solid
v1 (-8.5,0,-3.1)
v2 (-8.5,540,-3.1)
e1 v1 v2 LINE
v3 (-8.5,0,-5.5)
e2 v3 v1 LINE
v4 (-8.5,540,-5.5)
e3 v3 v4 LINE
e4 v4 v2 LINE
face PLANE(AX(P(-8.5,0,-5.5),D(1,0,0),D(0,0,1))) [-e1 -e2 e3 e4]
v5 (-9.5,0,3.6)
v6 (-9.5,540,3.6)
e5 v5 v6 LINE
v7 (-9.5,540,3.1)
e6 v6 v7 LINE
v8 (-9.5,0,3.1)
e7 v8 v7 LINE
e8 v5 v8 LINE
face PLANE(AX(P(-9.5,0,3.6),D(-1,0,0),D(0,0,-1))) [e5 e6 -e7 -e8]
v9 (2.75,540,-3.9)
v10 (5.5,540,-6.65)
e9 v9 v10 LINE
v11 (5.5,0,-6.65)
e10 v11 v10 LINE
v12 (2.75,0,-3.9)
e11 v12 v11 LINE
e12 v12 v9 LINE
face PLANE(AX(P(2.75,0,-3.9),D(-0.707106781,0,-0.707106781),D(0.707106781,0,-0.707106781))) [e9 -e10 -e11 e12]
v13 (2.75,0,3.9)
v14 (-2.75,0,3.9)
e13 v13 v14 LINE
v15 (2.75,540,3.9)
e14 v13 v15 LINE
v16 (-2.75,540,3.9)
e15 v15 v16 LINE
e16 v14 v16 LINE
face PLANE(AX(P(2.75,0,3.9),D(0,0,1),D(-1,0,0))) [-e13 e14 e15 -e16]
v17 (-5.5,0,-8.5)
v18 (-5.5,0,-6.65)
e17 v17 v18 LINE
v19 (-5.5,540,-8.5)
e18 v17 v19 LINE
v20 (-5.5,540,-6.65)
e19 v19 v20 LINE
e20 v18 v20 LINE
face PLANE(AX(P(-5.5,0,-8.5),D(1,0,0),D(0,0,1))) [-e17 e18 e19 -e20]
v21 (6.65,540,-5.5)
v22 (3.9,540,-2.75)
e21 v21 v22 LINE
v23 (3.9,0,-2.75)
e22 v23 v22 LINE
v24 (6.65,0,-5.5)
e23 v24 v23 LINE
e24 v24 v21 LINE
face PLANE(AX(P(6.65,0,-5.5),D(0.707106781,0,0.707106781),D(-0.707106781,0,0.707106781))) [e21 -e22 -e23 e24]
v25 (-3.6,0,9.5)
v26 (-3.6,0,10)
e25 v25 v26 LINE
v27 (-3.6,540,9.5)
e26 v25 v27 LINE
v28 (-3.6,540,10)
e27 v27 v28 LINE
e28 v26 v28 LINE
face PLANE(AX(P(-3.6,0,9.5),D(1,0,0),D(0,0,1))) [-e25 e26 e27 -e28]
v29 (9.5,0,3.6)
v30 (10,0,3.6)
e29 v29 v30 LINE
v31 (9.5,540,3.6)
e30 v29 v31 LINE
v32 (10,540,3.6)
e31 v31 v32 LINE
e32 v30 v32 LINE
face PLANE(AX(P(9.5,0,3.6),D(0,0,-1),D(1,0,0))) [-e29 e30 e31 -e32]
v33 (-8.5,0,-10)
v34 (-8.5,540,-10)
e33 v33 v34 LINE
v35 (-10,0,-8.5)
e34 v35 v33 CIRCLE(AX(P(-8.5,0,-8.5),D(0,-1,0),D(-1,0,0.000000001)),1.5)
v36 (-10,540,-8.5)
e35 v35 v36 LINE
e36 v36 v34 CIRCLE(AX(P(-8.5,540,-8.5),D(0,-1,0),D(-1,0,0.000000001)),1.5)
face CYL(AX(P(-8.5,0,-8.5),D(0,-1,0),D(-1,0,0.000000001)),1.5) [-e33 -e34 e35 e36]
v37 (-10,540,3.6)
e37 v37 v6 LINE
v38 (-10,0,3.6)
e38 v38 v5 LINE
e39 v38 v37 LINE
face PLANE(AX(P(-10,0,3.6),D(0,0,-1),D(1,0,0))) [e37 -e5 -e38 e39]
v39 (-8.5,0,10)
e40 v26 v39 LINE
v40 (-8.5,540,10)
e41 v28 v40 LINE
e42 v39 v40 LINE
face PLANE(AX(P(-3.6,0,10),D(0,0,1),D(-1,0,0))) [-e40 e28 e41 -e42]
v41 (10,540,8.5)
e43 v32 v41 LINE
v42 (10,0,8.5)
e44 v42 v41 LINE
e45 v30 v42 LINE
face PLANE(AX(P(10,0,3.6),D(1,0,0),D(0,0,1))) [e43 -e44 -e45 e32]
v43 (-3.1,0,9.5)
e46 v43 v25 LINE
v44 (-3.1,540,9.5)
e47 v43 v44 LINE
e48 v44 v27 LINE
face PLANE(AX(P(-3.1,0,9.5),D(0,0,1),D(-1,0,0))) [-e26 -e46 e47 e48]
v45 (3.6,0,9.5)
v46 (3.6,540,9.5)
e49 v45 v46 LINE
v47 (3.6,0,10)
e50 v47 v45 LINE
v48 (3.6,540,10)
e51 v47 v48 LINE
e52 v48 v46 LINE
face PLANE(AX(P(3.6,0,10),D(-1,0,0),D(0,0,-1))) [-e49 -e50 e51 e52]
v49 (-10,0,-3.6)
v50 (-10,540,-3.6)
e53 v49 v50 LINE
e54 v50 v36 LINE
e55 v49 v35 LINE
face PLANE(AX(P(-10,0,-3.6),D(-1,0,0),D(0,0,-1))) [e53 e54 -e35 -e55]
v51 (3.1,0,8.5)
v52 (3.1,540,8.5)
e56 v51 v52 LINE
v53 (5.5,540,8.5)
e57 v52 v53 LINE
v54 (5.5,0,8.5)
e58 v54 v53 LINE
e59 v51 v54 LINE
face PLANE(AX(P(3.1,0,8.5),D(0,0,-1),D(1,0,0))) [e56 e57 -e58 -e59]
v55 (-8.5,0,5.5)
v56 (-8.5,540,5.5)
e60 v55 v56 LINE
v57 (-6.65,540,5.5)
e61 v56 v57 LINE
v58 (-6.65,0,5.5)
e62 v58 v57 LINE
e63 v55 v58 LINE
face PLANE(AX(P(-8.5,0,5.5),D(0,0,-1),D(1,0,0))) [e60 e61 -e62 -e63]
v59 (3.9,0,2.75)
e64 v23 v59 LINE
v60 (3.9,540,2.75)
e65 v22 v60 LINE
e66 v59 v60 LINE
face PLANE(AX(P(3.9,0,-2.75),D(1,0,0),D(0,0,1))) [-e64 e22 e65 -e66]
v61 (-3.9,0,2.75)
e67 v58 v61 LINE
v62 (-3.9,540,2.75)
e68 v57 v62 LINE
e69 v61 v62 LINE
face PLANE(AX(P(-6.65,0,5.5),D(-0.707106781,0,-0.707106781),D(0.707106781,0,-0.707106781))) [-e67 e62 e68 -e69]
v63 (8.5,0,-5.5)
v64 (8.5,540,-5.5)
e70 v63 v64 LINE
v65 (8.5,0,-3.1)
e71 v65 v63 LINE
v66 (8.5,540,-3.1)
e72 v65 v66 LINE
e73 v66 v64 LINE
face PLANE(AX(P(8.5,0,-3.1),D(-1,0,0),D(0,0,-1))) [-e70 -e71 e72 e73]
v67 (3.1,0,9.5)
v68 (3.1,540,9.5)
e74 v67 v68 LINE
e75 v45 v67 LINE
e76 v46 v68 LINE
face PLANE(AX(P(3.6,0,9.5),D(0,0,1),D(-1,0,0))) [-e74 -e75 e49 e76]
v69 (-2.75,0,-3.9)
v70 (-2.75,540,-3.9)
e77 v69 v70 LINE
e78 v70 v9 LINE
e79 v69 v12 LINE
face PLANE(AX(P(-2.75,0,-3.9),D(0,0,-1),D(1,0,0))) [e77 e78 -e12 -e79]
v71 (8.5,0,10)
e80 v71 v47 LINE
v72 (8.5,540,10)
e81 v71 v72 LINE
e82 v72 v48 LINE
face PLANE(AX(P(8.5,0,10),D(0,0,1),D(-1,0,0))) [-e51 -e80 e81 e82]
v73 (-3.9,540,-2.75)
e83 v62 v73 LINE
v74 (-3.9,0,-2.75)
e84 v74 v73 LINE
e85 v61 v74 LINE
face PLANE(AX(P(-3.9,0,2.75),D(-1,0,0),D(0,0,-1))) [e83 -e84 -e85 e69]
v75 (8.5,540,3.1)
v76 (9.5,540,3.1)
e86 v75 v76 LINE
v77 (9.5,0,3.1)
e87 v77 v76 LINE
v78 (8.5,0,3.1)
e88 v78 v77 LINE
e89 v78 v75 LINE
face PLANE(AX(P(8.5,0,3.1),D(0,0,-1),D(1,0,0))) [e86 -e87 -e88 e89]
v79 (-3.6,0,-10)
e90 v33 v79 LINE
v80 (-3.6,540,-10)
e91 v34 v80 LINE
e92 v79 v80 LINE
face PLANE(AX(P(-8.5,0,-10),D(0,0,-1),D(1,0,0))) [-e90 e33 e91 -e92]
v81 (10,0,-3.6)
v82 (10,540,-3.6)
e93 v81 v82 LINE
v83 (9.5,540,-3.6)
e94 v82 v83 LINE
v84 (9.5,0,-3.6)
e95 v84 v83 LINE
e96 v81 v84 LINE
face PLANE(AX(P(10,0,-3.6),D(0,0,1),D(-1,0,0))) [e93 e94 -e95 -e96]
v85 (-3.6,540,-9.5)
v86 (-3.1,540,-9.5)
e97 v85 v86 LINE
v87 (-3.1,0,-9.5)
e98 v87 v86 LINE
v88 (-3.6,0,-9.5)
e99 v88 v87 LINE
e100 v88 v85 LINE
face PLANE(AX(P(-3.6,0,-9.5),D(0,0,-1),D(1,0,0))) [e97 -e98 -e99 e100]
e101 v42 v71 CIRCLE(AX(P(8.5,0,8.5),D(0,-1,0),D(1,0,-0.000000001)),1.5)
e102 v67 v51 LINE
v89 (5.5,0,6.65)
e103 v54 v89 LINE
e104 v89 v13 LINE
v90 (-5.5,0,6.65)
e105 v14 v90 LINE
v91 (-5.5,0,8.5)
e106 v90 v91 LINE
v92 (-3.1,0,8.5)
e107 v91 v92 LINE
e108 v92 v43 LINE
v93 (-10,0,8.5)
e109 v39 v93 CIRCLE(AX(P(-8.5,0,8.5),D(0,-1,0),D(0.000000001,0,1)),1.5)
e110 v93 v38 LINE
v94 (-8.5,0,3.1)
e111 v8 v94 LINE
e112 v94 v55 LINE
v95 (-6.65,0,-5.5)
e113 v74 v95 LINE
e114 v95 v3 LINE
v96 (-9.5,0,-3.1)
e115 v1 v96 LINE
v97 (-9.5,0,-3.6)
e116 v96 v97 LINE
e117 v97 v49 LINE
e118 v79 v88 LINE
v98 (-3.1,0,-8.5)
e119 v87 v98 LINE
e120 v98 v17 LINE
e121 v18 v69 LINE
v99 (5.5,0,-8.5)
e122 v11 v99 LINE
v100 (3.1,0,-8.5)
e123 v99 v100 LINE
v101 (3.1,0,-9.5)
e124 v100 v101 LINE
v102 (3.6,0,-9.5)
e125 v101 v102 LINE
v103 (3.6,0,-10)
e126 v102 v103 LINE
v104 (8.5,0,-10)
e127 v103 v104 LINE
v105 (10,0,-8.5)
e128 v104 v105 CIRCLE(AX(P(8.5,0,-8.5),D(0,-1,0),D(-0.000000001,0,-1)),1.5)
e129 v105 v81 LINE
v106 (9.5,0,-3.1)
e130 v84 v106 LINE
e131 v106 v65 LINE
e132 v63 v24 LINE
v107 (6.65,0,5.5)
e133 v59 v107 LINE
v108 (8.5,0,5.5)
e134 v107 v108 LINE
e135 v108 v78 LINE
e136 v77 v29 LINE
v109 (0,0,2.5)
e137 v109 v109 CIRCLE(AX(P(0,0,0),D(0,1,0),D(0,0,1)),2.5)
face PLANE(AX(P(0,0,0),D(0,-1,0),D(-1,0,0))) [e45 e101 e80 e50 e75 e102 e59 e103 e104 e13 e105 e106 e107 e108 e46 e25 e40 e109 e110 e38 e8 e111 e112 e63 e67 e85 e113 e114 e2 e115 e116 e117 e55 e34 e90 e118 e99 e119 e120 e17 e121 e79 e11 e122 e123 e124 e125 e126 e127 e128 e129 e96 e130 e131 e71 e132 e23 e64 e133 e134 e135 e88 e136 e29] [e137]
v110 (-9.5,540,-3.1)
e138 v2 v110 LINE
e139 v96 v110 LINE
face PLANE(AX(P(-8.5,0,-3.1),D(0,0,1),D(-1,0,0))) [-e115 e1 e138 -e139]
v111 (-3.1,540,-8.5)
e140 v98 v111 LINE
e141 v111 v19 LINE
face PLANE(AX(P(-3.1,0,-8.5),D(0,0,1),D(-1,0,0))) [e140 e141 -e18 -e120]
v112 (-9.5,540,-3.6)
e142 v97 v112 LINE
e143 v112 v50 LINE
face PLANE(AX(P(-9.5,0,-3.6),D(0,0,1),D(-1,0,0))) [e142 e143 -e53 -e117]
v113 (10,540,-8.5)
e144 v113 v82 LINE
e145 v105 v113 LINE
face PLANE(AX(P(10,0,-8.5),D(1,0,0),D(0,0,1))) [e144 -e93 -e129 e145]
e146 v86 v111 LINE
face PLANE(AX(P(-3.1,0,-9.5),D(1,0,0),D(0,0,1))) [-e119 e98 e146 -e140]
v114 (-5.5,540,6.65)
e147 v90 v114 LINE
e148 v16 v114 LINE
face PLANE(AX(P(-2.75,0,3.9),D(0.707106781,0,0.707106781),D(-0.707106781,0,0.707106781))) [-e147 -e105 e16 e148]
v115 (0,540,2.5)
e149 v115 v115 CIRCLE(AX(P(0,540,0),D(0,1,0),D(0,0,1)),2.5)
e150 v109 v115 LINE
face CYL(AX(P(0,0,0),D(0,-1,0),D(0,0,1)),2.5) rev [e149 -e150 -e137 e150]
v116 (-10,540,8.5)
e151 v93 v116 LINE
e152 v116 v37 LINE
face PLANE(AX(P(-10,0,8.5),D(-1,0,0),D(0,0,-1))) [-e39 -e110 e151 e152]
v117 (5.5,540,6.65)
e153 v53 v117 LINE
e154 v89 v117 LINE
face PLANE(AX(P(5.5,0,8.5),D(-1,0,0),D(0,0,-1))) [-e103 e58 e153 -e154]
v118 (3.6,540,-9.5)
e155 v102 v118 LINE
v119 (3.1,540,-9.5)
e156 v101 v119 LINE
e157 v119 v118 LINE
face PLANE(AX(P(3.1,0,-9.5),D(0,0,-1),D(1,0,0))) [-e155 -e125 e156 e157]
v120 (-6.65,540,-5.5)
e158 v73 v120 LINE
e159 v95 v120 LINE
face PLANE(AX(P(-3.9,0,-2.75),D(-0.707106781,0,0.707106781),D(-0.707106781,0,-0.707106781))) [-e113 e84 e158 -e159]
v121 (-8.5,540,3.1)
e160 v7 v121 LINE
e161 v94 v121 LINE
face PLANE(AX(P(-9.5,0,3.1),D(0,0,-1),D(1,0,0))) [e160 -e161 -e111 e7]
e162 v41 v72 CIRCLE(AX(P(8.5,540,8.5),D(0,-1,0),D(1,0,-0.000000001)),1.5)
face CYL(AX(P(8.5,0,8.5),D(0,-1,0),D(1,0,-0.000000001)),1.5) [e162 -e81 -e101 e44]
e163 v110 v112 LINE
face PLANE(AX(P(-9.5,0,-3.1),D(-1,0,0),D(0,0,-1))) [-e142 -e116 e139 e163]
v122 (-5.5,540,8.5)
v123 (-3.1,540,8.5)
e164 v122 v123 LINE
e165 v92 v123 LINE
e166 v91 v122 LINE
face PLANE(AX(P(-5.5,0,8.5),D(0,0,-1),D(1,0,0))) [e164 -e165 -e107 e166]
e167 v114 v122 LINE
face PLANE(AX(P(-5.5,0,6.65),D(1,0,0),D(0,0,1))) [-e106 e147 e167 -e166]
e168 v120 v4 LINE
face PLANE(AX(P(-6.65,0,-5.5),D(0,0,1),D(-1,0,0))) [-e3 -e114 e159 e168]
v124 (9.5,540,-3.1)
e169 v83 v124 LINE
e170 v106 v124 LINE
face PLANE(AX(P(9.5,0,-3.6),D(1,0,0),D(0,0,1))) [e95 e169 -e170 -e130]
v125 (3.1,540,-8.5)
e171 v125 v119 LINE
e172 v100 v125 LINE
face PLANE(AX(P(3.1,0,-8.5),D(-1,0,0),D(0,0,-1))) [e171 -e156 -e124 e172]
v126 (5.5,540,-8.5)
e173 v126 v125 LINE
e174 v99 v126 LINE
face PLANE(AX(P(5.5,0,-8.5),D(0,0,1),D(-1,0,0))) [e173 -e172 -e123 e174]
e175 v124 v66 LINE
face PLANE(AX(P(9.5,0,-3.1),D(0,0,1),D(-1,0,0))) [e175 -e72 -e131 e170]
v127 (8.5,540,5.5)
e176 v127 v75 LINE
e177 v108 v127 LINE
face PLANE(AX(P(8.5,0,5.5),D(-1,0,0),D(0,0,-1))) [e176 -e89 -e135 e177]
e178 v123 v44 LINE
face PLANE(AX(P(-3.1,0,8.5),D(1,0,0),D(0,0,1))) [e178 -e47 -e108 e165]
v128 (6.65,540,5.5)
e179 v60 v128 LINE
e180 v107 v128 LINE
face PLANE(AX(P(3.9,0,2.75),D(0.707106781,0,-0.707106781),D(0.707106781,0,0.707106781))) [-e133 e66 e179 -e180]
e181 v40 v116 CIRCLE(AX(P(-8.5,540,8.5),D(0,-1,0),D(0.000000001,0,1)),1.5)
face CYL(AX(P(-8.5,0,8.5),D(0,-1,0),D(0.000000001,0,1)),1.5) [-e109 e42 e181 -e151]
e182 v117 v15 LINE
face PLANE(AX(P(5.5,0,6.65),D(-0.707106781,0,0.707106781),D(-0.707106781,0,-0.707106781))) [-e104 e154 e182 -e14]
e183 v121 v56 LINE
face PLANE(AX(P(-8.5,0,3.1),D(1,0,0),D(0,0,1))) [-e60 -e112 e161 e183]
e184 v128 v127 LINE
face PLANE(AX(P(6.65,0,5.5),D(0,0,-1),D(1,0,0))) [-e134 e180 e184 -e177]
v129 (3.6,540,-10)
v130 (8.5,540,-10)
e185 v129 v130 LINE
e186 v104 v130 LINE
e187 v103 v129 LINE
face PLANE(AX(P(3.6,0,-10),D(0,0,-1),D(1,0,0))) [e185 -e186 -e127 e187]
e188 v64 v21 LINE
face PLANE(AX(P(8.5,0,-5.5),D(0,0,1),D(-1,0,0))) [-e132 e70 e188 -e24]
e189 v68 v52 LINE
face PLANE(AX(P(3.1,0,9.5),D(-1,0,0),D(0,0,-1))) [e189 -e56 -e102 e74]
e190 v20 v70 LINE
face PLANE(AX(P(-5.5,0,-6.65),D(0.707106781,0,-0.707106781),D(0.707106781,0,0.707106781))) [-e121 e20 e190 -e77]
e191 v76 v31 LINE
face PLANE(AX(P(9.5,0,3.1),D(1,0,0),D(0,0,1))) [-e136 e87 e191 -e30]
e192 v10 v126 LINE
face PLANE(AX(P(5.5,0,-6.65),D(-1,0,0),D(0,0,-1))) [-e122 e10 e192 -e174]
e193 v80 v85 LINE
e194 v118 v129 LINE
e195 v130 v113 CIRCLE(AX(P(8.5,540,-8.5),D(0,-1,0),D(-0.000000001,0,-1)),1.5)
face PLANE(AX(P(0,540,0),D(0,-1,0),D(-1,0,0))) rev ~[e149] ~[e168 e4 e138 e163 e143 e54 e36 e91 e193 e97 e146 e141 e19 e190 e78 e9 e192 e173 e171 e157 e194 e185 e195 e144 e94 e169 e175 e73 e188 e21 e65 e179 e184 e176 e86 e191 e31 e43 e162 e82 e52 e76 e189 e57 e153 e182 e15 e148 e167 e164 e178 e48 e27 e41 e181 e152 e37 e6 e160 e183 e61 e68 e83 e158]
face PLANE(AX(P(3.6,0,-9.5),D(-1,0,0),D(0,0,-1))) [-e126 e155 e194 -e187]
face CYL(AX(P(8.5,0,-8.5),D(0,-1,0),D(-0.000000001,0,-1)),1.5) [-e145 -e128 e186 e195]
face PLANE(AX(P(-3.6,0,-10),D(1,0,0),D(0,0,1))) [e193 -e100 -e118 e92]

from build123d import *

# Parameters (mm, degrees)
SKETCH_2_R      = 2.5
EXTRUDE_1_DEPTH = 540


with BuildPart() as part:
    # 草图2 → 凸台-拉伸1 (new body)
    with BuildSketch(Plane(origin=(0, 0, 0), x_dir=(1, 0, 0), z_dir=(0, 1, 0))):
        with BuildLine():
            Line((-3.6, 10), (-3.6, 9.5))
            Line((-3.6, 9.5), (-3.1, 9.5))
            Line((-3.1, 9.5), (-3.1, 8.5))
            Line((-3.1, 8.5), (-5.5, 8.5))
            Line((-5.5, 8.5), (-5.5, 6.65))
            Line((-5.5, 6.65), (-2.75, 3.9))
            Line((-2.75, 3.9), (2.75, 3.9))
            Line((2.75, 3.9), (5.5, 6.65))
            Line((5.5, 6.65), (5.5, 8.5))
            Line((5.5, 8.5), (3.1, 8.5))
            Line((3.1, 8.5), (3.1, 9.5))
            Line((3.1, 9.5), (3.6, 9.5))
            Line((3.6, 9.5), (3.6, 10))
            Line((3.6, 10), (8.5, 10))
            ThreePointArc((8.5, 10), (9.560660172, 9.560660172), (10, 8.5))
            Line((10, 8.5), (10, 3.6))
            Line((10, 3.6), (9.5, 3.6))
            Line((9.5, 3.6), (9.5, 3.1))
            Line((9.5, 3.1), (8.5, 3.1))
            Line((8.5, 3.1), (8.5, 5.5))
            Line((8.5, 5.5), (6.65, 5.5))
            Line((6.65, 5.5), (3.9, 2.75))
            Line((3.9, 2.75), (3.9, -2.75))
            Line((3.9, -2.75), (6.65, -5.5))
            Line((6.65, -5.5), (8.5, -5.5))
            Line((8.5, -5.5), (8.5, -3.1))
            Line((8.5, -3.1), (9.5, -3.1))
            Line((9.5, -3.1), (9.5, -3.6))
            Line((9.5, -3.6), (10, -3.6))
            Line((10, -3.6), (10, -8.5))
            ThreePointArc((10, -8.5), (9.560660172, -9.560660172), (8.5, -10))
            Line((8.5, -10), (3.6, -10))
            Line((3.6, -10), (3.6, -9.5))
            Line((3.6, -9.5), (3.1, -9.5))
            Line((3.1, -9.5), (3.1, -8.5))
            Line((3.1, -8.5), (5.5, -8.5))
            Line((5.5, -8.5), (5.5, -6.65))
            Line((5.5, -6.65), (2.75, -3.9))
            Line((2.75, -3.9), (-2.75, -3.9))
            Line((-2.75, -3.9), (-5.5, -6.65))
            Line((-5.5, -6.65), (-5.5, -8.5))
            Line((-5.5, -8.5), (-3.1, -8.5))
            Line((-3.1, -8.5), (-3.1, -9.5))
            Line((-3.1, -9.5), (-3.6, -9.5))
            Line((-3.6, -9.5), (-3.6, -10))
            Line((-3.6, -10), (-8.5, -10))
            ThreePointArc((-8.5, -10), (-9.560660172, -9.560660172), (-10, -8.5))
            Line((-10, -8.5), (-10, -3.6))
            Line((-10, -3.6), (-9.5, -3.6))
            Line((-9.5, -3.6), (-9.5, -3.1))
            Line((-9.5, -3.1), (-8.5, -3.1))
            Line((-8.5, -3.1), (-8.5, -5.5))
            Line((-8.5, -5.5), (-6.65, -5.5))
            Line((-6.65, -5.5), (-3.9, -2.75))
            Line((-3.9, -2.75), (-3.9, 2.75))
            Line((-3.9, 2.75), (-6.65, 5.5))
            Line((-6.65, 5.5), (-8.5, 5.5))
            Line((-8.5, 5.5), (-8.5, 3.1))
            Line((-8.5, 3.1), (-9.5, 3.1))
            Line((-9.5, 3.1), (-9.5, 3.6))
            Line((-9.5, 3.6), (-10, 3.6))
            Line((-10, 3.6), (-10, 8.5))
            ThreePointArc((-10, 8.5), (-9.560660172, 9.560660172), (-8.5, 10))
            Line((-8.5, 10), (-3.6, 10))
        make_face()
        with Locations(Location((0, 0, 0), (0, 0, 270))):
            Circle(SKETCH_2_R, mode=Mode.SUBTRACT)
    extrude(amount=EXTRUDE_1_DEPTH)


solid = part.part
